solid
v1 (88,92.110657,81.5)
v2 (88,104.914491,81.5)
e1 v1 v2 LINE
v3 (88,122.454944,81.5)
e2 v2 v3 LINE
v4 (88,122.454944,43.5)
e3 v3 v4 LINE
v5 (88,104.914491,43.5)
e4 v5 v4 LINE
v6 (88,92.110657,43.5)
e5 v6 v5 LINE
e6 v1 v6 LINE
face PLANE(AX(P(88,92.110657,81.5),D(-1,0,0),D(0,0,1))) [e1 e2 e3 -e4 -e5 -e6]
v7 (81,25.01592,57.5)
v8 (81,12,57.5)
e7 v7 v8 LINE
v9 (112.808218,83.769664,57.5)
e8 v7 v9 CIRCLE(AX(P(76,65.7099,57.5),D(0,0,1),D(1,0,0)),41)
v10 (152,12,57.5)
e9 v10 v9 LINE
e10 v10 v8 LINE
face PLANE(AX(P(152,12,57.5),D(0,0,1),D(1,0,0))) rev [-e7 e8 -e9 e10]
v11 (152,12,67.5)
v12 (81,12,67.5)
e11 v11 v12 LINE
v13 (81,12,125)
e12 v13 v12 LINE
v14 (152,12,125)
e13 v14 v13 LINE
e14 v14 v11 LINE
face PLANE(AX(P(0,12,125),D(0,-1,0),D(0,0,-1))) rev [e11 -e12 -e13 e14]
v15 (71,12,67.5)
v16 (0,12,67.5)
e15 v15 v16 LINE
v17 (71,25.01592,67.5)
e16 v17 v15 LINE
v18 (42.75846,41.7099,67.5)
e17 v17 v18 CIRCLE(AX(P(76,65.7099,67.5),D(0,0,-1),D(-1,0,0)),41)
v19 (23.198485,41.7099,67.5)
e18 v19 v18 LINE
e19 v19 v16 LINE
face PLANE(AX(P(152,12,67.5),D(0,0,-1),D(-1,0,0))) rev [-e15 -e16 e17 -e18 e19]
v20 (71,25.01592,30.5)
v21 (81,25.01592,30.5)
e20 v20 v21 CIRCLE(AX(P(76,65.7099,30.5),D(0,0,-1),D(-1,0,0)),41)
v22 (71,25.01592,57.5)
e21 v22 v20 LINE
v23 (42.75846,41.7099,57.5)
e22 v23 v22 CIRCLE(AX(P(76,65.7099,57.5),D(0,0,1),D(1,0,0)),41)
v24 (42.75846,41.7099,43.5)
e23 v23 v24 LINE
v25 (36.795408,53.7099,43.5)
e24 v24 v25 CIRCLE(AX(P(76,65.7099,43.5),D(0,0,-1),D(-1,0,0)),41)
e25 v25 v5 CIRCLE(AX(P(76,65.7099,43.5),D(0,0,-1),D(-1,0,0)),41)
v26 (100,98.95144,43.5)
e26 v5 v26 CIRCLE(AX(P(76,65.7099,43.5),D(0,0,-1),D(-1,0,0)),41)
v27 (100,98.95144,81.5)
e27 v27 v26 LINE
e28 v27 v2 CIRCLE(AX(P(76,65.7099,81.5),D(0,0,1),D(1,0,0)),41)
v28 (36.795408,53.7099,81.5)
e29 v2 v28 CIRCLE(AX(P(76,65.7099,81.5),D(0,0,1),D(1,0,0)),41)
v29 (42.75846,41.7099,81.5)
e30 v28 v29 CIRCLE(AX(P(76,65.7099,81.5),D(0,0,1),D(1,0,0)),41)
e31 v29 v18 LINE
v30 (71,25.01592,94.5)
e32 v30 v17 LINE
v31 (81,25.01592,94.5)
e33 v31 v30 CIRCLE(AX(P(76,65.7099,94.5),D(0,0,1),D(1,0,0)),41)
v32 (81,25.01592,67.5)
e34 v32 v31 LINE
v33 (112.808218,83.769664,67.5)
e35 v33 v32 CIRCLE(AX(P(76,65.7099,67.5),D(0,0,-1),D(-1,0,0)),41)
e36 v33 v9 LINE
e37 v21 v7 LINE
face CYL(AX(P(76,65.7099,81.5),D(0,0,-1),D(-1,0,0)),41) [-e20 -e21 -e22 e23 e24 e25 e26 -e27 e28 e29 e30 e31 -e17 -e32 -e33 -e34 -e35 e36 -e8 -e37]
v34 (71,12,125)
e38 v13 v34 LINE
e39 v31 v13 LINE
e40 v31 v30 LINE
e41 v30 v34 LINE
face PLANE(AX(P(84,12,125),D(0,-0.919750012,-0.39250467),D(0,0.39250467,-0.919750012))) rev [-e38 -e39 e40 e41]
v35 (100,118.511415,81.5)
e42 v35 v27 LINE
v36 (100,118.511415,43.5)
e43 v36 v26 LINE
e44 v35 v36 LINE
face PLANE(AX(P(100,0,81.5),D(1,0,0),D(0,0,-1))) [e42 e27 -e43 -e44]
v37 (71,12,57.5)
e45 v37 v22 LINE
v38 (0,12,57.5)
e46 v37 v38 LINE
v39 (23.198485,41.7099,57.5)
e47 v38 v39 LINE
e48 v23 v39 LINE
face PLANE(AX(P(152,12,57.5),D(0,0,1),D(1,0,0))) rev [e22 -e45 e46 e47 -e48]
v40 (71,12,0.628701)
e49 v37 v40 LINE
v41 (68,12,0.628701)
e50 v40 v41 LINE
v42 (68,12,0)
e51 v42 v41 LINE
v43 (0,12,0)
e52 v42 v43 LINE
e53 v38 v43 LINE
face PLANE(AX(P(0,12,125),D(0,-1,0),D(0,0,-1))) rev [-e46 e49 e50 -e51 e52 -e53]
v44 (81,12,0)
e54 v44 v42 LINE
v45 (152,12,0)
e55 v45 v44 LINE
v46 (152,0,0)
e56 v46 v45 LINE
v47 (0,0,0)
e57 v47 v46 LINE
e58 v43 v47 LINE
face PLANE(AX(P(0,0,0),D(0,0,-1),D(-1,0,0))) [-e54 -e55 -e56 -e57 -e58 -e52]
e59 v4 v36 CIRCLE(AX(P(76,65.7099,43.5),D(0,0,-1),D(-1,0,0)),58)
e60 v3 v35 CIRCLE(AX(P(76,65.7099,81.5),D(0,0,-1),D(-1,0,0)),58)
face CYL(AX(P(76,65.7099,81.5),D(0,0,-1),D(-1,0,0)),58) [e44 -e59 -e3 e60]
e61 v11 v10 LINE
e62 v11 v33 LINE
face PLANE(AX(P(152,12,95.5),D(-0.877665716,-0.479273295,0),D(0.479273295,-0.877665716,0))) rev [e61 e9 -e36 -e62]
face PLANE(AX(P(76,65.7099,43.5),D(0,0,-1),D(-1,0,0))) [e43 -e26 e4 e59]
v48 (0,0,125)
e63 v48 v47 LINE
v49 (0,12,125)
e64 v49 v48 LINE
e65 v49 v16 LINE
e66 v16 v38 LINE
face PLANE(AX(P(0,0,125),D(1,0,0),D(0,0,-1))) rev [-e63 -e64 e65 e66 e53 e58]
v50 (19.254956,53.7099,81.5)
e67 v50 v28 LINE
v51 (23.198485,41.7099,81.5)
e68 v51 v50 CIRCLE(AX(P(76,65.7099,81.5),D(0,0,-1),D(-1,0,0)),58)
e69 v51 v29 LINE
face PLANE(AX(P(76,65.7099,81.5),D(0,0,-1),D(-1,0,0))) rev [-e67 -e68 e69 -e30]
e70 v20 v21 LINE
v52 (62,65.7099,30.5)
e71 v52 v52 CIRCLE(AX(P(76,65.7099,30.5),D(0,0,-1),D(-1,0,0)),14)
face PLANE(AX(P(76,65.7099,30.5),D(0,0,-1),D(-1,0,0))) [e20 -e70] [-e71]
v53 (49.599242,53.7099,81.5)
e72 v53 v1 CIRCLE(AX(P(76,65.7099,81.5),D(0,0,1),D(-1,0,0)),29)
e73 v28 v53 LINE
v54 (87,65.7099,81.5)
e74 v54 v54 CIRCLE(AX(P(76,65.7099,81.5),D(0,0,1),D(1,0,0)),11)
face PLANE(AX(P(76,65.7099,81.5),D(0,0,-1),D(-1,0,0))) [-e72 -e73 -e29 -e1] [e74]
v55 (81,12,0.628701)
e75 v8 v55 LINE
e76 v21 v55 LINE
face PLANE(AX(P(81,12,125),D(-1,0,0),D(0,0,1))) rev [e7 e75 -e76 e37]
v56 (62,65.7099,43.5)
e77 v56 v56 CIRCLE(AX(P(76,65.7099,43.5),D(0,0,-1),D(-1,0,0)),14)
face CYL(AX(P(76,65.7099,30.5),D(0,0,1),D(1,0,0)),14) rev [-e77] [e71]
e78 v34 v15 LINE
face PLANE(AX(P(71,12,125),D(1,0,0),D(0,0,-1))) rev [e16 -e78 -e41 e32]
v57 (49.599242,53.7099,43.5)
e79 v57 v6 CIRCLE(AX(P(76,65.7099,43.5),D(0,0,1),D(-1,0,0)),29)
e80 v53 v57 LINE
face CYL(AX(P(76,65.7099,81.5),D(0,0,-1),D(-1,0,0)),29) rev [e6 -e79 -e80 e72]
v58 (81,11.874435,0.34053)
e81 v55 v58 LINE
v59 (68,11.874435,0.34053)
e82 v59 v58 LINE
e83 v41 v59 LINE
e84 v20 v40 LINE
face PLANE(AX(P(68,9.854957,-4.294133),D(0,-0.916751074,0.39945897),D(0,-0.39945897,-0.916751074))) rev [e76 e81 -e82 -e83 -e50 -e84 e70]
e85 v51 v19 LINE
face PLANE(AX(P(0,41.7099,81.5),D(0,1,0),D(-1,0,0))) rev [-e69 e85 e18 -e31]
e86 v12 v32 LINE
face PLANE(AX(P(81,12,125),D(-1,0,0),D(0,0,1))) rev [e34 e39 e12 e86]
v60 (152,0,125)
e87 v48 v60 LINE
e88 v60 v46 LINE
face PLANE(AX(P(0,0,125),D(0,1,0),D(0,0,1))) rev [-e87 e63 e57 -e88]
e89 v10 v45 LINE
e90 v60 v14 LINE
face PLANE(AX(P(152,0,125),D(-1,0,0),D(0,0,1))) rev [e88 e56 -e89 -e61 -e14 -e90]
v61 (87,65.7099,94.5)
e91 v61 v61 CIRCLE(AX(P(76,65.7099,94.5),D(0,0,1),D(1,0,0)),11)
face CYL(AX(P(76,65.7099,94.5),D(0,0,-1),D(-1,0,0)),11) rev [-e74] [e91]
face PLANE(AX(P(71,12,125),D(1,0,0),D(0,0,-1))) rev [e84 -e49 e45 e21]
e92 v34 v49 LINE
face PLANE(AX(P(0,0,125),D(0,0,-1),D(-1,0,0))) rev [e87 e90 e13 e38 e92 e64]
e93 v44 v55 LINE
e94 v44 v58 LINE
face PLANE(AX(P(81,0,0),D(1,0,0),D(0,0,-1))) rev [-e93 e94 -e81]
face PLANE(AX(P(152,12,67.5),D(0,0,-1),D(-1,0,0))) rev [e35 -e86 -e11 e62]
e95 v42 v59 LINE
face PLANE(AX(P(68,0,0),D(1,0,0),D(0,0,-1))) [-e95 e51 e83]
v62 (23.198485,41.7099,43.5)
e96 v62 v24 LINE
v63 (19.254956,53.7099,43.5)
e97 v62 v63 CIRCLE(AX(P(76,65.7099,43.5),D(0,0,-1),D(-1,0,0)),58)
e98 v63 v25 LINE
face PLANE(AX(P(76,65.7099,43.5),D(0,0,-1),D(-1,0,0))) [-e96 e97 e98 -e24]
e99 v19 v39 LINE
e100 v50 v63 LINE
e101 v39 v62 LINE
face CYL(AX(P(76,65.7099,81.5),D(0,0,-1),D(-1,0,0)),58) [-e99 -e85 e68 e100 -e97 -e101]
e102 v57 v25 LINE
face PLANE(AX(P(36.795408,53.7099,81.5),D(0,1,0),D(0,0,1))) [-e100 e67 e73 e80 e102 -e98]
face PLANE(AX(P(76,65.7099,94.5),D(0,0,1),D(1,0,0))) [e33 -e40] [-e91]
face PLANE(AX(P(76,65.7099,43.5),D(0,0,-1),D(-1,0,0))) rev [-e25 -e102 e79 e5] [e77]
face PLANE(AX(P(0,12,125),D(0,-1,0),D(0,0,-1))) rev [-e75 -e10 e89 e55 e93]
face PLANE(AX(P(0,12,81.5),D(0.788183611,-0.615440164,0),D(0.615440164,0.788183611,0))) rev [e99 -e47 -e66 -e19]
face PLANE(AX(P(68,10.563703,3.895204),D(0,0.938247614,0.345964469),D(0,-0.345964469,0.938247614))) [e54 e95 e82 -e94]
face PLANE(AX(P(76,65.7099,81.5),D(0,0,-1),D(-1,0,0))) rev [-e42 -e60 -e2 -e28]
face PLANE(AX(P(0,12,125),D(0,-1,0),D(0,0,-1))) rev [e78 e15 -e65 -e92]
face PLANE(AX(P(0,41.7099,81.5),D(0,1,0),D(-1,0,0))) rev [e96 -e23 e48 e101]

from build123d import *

# Parameters (mm, degrees)
SKETCH1_W           = 152
SKETCH1_H           = 12
BOSS_EXTRUDE1_DEPTH = 125
SKETCH3_W           = 10
SKETCH3_H           = 85
BOSS_EXTRUDE2_DEPTH = 152
SKETCH4_W           = 10
SKETCH4_H           = 39
BOSS_EXTRUDE3_DEPTH = 125
BOSS_EXTRUDE4_DEPTH = 38
BOSS_EXTRUDE5_DEPTH = 38
CUT_EXTRUDE1_DEPTH  = 38
CUT_EXTRUDE2_DEPTH  = 38
SKETCH10_R          = 41
SKETCH10_R_2        = 14
BOSS_EXTRUDE6_DEPTH = 13
CUT_EXTRUDE4_DEPTH  = 13
SKETCH13_R          = 29
CUT_EXTRUDE5_DEPTH  = 38
SKETCH14_R          = 41
SKETCH14_R_2        = 11
BOSS_EXTRUDE8_DEPTH = 13
CUT_EXTRUDE6_DEPTH  = 13


with BuildPart() as part:
    # Sketch1 → Boss-Extrude1 (new body)
    with BuildSketch(Plane.XY):
        with Locations((76, 6)):
            Rectangle(SKETCH1_W, SKETCH1_H)
    extrude(amount=BOSS_EXTRUDE1_DEPTH)

    # Sketch3 → Boss-Extrude2 (add)
    with BuildSketch(Plane(origin=(0, 0, 0), x_dir=(0, 0, -1), z_dir=(1, 0, 0))):
        with Locations((-62.5, 54.5)):
            Rectangle(SKETCH3_W, SKETCH3_H)
    extrude(amount=BOSS_EXTRUDE2_DEPTH)

    # Sketch4 → Boss-Extrude3 (add)
    with BuildSketch(Plane.XY):
        with Locations((76, 31.5)):
            Rectangle(SKETCH4_W, SKETCH4_H)
    extrude(amount=BOSS_EXTRUDE3_DEPTH)

    # Sketch5 → Boss-Extrude4 (add)
    with BuildSketch(Plane(origin=(0, 0, 43.5), x_dir=(-1, 0, 0), z_dir=(0, 0, -1))):
        with BuildLine():
            Line((-36.795408432, 53.709899764), (-49.599242435, 53.709899764))
            ThreePointArc((-49.599242435, 53.709899764), (-96.506096654, 45.20380311), (-88, 92.110657329))
            Line((-88, 92.110657329), (-88, 104.914491332))
            ThreePointArc((-88, 104.914491332), (-104.991378029, 36.718521736), (-36.795408432, 53.709899764))
        make_face()
    extrude(amount=-BOSS_EXTRUDE4_DEPTH)

    # Sketch7 → Boss-Extrude5 (add)
    with BuildSketch(Plane(origin=(0, 0, 43.5), x_dir=(-1, 0, 0), z_dir=(0, 0, -1))):
        with BuildLine():
            ThreePointArc((-88, 104.914491332), (-94.245259526, 102.42652413), (-100, 98.951440042))
            Line((-100, 98.951440042), (-100, 118.511414894))
            ThreePointArc((-100, 118.511414894), (-94.107673916, 120.810826665), (-88, 122.454943601))
            Line((-88, 122.454943601), (-88, 104.914491332))
        make_face()
        with BuildLine():
            Line((-23.19848487, 41.709899764), (-42.758459723, 41.709899764))
            ThreePointArc((-42.758459723, 41.709899764), (-39.283375634, 47.464640238), (-36.795408432, 53.709899764))
            Line((-36.795408432, 53.709899764), (-19.254956164, 53.709899764))
            ThreePointArc((-19.254956164, 53.709899764), (-20.899073099, 47.602225848), (-23.19848487, 41.709899764))
        make_face()
    extrude(amount=-BOSS_EXTRUDE5_DEPTH)

    # Sketch8 → Cut-Extrude1 (cut)
    with BuildSketch(Plane(origin=(0, 0, 57.5), x_dir=(-1, 0, 0), z_dir=(0, 0, -1))):
        with BuildLine():
            Line((-152, 12), (-112.808217889, 83.76966432))
            ThreePointArc((-112.808217889, 83.76966432), (-108.334991946, 90.917999571), (-102.493954541, 97))
            Line((-102.493954541, 97), (-152, 97))
            Line((-152, 97), (-152, 12))
        make_face()
    extrude(amount=-CUT_EXTRUDE1_DEPTH, mode=Mode.SUBTRACT)

    # Sketch9 → Cut-Extrude2 (cut)
    with BuildSketch(Plane(origin=(0, 0, 43.5), x_dir=(-1, 0, 0), z_dir=(0, 0, -1))):
        with BuildLine():
            Line((0, 12), (-23.19848487, 41.709899764))
            ThreePointArc((-23.19848487, 41.709899764), (-20.899073099, 47.602225848), (-19.254956164, 53.709899764))
            Line((-19.254956164, 53.709899764), (-49.599242435, 53.709899764))
            ThreePointArc((-49.599242435, 53.709899764), (-58.248729295, 42.777556047), (-71, 37.14418605))
            Line((-71, 37.14418605), (-71, 51))
            Line((-71, 51), (-81, 51))
            Line((-81, 51), (-81, 37.14418605))
            ThreePointArc((-81, 37.14418605), (-104.767659641, 62.046327903), (-88, 92.110657329))
            Line((-88, 92.110657329), (-88, 97))
            Line((-88, 97), (0, 97))
            Line((0, 97), (0, 12))
        make_face()
    extrude(amount=-CUT_EXTRUDE2_DEPTH, mode=Mode.SUBTRACT)

    # Sketch10 → Boss-Extrude6 (add)
    with BuildSketch(Plane(origin=(0, 0, 43.5), x_dir=(-1, 0, 0), z_dir=(0, 0, -1))):
        with Locations((-76, 65.709899764)):
            Circle(SKETCH10_R)
        with Locations((-76, 65.709899764)):
            Circle(SKETCH10_R_2, mode=Mode.SUBTRACT)
    extrude(amount=BOSS_EXTRUDE6_DEPTH)

    # Sketch11 → Cut-Extrude4 (cut)
    with BuildSketch(Plane(origin=(81, 0, 0), x_dir=(0, 0, -1), z_dir=(1, 0, 0))):
        Polygon((-30.5, 25.015919866), (-30.5, 51), (0, 51), (0, 12), (-0.340530313, 11.874434651), align=None)
    extrude(amount=-CUT_EXTRUDE4_DEPTH, mode=Mode.SUBTRACT)

    # Sketch13 → Cut-Extrude5 (cut)
    with BuildSketch(Plane(origin=(0, 0, 43.5), x_dir=(-1, 0, 0), z_dir=(0, 0, -1))):
        with Locations((-76, 65.709899764)):
            Circle(SKETCH13_R)
    extrude(amount=-CUT_EXTRUDE5_DEPTH, mode=Mode.SUBTRACT)

    # Sketch14 → Boss-Extrude8 (add)
    with BuildSketch(Plane.XY.offset(81.5)):
        with Locations((76, 65.709899764)):
            Circle(SKETCH14_R)
        with Locations((76, 65.709899764)):
            Circle(SKETCH14_R_2, mode=Mode.SUBTRACT)
    extrude(amount=BOSS_EXTRUDE8_DEPTH)

    # Sketch15 → Cut-Extrude6 (cut)
    with BuildSketch(Plane.ZY.offset(-71)):
        Polygon((125, 12), (94.5, 25.015919866), (94.5, 51), (125, 51), align=None)
    extrude(amount=-CUT_EXTRUDE6_DEPTH, mode=Mode.SUBTRACT)


solid = part.part
